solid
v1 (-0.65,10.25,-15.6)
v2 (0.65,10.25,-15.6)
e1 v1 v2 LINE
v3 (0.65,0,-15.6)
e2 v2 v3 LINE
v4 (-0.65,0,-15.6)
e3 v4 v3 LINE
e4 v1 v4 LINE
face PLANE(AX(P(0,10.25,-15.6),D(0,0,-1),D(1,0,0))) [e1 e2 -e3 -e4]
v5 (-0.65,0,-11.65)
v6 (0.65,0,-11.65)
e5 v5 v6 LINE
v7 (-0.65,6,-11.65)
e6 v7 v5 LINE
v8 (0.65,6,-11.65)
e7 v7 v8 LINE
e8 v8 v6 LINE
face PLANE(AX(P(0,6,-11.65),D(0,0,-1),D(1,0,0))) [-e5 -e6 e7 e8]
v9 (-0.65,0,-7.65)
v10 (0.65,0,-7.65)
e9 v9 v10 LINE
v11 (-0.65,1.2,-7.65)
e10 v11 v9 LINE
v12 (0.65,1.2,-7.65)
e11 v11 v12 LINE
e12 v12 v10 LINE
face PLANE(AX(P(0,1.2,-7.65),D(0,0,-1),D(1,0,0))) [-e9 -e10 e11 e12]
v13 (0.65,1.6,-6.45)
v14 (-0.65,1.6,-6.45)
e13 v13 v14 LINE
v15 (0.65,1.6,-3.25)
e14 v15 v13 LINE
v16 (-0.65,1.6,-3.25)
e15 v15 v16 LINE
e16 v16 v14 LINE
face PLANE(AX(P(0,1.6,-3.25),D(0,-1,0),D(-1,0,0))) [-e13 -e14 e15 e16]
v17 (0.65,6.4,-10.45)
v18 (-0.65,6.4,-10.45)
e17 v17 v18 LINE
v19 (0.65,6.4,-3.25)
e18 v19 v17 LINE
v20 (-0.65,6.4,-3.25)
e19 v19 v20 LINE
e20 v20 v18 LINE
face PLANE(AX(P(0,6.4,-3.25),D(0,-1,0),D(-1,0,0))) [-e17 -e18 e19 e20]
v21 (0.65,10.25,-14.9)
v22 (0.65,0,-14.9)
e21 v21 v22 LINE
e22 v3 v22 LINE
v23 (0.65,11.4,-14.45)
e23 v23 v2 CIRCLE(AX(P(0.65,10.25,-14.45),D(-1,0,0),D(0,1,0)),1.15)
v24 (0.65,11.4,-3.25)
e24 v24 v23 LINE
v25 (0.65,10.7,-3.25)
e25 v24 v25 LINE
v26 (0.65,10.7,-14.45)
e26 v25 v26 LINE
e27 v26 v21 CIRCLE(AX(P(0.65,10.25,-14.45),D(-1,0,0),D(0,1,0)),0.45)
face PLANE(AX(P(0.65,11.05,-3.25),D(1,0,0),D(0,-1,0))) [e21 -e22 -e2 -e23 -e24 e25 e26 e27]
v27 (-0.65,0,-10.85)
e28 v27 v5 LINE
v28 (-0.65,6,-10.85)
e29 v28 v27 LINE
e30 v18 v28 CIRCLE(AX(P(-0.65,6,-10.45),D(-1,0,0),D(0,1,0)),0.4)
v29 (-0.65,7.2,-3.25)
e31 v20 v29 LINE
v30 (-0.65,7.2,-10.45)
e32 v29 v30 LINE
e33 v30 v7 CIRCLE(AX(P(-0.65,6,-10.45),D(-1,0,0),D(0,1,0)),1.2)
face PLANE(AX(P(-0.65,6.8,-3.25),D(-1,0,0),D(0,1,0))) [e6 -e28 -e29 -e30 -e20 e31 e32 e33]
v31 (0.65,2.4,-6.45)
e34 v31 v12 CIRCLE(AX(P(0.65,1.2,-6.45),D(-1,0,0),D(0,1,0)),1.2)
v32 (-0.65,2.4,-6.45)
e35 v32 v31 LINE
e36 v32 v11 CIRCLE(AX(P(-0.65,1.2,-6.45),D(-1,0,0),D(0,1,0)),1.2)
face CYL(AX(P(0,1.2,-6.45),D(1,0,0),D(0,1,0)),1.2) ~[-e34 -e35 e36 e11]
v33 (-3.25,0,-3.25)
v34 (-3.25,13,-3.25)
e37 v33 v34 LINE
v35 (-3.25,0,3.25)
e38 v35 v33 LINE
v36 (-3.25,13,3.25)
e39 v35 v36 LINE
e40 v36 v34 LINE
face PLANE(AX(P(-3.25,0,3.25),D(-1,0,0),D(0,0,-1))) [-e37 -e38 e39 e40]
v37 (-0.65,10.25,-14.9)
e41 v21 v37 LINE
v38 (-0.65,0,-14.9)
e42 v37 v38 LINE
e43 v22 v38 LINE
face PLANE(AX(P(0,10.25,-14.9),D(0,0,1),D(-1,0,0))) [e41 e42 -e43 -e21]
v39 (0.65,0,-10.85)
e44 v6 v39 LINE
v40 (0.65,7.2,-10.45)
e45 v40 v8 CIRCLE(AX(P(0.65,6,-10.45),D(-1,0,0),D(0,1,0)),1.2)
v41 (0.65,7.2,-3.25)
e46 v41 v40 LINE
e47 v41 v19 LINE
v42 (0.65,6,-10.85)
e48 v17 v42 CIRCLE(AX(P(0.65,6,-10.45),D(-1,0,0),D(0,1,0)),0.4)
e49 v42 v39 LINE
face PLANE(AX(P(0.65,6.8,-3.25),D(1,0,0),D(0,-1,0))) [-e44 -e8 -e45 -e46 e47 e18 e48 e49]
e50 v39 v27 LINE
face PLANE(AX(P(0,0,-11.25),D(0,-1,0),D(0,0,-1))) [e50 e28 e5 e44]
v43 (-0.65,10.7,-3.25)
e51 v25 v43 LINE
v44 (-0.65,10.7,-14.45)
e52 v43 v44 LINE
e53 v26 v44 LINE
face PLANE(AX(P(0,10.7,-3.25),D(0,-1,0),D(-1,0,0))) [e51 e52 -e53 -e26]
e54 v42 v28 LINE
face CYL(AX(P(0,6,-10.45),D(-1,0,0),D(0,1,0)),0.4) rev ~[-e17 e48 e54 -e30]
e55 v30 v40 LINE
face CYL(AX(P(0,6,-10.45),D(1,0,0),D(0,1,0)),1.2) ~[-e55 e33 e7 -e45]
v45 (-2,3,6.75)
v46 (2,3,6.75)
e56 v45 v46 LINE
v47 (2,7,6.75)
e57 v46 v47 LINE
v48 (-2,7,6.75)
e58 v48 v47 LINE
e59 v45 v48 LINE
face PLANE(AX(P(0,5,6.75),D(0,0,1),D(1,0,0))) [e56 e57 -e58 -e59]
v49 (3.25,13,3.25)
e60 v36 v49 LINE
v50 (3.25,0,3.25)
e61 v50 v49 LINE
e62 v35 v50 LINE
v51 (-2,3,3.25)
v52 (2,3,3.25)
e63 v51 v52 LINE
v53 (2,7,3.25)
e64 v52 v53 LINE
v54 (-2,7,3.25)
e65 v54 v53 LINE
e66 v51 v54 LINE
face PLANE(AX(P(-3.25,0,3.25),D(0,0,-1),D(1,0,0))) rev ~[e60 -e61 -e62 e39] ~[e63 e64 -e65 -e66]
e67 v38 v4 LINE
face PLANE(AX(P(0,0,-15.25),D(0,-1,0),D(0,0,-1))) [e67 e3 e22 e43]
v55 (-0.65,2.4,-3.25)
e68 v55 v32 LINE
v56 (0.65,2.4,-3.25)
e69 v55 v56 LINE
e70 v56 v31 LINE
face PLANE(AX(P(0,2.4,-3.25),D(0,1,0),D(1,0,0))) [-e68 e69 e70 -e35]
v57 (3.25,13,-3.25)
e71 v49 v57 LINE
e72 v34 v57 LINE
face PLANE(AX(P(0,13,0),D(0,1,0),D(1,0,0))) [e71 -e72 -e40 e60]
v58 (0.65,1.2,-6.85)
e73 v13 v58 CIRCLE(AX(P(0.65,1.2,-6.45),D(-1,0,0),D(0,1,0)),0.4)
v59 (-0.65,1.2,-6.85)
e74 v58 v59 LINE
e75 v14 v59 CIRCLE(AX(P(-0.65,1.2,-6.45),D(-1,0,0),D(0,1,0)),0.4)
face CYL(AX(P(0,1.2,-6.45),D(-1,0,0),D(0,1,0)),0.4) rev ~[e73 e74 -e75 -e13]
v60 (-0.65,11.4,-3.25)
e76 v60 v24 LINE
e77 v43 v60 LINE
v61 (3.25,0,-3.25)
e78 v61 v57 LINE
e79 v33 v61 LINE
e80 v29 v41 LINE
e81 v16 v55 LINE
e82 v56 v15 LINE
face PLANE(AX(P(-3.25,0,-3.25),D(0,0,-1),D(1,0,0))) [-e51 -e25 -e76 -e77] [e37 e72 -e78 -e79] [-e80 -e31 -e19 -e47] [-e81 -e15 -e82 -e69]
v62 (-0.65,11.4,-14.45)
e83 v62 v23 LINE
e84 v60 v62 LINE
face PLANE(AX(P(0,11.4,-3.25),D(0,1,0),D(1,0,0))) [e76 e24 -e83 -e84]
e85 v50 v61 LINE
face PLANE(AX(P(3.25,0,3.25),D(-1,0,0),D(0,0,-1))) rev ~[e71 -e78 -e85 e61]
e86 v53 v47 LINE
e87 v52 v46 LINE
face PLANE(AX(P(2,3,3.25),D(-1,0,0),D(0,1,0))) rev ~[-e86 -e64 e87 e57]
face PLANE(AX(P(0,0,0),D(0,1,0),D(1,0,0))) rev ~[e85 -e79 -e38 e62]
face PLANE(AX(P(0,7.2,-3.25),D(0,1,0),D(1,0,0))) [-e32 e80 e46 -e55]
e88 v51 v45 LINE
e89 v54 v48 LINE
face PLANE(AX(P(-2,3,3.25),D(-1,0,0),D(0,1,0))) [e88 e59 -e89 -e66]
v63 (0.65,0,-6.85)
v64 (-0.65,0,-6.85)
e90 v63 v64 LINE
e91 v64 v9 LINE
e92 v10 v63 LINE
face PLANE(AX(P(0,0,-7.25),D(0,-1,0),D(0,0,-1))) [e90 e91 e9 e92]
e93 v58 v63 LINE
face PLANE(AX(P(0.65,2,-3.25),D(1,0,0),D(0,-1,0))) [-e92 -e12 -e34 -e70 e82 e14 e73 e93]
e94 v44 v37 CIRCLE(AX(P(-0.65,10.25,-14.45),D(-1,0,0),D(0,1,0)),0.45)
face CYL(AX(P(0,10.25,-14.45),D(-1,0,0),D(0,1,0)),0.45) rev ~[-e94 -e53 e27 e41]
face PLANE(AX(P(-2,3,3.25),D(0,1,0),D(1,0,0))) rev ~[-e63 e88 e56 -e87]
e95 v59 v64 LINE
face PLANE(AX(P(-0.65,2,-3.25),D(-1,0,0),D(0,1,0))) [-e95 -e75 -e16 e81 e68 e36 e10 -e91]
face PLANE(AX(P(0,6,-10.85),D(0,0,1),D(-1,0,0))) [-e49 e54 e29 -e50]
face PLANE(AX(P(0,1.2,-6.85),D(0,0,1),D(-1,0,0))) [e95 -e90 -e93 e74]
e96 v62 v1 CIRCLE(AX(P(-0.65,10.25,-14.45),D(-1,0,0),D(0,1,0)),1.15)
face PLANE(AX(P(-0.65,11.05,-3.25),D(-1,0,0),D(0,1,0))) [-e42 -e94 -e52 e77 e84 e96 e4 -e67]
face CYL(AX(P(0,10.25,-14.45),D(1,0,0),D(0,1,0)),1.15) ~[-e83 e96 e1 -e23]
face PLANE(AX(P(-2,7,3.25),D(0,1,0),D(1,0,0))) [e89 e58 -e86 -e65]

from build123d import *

# Parameters (mm, degrees)
SKICA1_W                = 6.5
SKICA1_H                = 6.5
P_IDAT_VYSUNUT_M1_DEPTH = 13
SKICA2_W                = 4
SKICA2_H                = 4
P_IDAT_VYSUNUT_M2_DEPTH = 3.5
SKICA3_W                = 1.3
SKICA3_H                = 0.7
SKICA5_W                = 1.3
SKICA5_H                = 0.8
SKICA7_W                = 1.3
SKICA7_H                = 0.8


with BuildPart() as part:
    # Skica1 → Přidat vysunutím1 (new body)
    with BuildSketch(Plane(origin=(0, 0, 0), x_dir=(1, 0, 0), z_dir=(0, 1, 0))):
        Rectangle(SKICA1_W, SKICA1_H)
    extrude(amount=P_IDAT_VYSUNUT_M1_DEPTH)

    # Skica2 → Přidat vysunutím2 (add)
    with BuildSketch(Plane.XY.offset(3.25)):
        with Locations((0, 5)):
            Rectangle(SKICA2_W, SKICA2_H)
    extrude(amount=P_IDAT_VYSUNUT_M2_DEPTH)

    # Táhnout po křivce1: sweep along a path in Skica4
    with BuildLine(Plane(origin=(0, 0, 0), x_dir=(0, 0, -1), z_dir=(1, 0, 0))) as t_hnout_po_k_ivce1_path:
        Line((3.25, 11.05), (14.45, 11.05))
        ThreePointArc((14.45, 11.05), (15.015685425, 10.815685425), (15.25, 10.25))
        Line((15.25, 10.25), (15.25, 0))
    # Skica3 → Táhnout po křivce1 (sweep)
    with BuildSketch(Plane(origin=(0, 0, -3.25), x_dir=(-1, 0, 0), z_dir=(0, 0, -1))):
        with Locations((0, 11.05)):
            Rectangle(SKICA3_W, SKICA3_H)
    sweep(path=t_hnout_po_k_ivce1_path.line)

    # Táhnout po křivce2: sweep along a path in Skica6
    with BuildLine(Plane(origin=(0, 0, 0), x_dir=(0, 0, -1), z_dir=(1, 0, 0))) as t_hnout_po_k_ivce2_path:
        Line((3.25, 6.8), (10.45, 6.8))
        ThreePointArc((10.45, 6.8), (11.015685425, 6.565685425), (11.25, 6))
        Line((11.25, 6), (11.25, 0))
    # Skica5 → Táhnout po křivce2 (sweep)
    with BuildSketch(Plane(origin=(0, 0, -3.25), x_dir=(-1, 0, 0), z_dir=(0, 0, -1))):
        with Locations((0, 6.8)):
            Rectangle(SKICA5_W, SKICA5_H)
    sweep(path=t_hnout_po_k_ivce2_path.line)

    # Táhnout po křivce3: sweep along a path in Skica8
    with BuildLine(Plane(origin=(0, 0, 0), x_dir=(0, 0, -1), z_dir=(1, 0, 0))) as t_hnout_po_k_ivce3_path:
        Line((3.25, 2), (6.45, 2))
        ThreePointArc((6.45, 2), (7.015685425, 1.765685425), (7.25, 1.2))
        Line((7.25, 1.2), (7.25, 0))
    # Skica7 → Táhnout po křivce3 (sweep)
    with BuildSketch(Plane(origin=(0, 0, -3.25), x_dir=(-1, 0, 0), z_dir=(0, 0, -1))):
        with Locations((0, 2)):
            Rectangle(SKICA7_W, SKICA7_H)
    sweep(path=t_hnout_po_k_ivce3_path.line)


solid = part.part
